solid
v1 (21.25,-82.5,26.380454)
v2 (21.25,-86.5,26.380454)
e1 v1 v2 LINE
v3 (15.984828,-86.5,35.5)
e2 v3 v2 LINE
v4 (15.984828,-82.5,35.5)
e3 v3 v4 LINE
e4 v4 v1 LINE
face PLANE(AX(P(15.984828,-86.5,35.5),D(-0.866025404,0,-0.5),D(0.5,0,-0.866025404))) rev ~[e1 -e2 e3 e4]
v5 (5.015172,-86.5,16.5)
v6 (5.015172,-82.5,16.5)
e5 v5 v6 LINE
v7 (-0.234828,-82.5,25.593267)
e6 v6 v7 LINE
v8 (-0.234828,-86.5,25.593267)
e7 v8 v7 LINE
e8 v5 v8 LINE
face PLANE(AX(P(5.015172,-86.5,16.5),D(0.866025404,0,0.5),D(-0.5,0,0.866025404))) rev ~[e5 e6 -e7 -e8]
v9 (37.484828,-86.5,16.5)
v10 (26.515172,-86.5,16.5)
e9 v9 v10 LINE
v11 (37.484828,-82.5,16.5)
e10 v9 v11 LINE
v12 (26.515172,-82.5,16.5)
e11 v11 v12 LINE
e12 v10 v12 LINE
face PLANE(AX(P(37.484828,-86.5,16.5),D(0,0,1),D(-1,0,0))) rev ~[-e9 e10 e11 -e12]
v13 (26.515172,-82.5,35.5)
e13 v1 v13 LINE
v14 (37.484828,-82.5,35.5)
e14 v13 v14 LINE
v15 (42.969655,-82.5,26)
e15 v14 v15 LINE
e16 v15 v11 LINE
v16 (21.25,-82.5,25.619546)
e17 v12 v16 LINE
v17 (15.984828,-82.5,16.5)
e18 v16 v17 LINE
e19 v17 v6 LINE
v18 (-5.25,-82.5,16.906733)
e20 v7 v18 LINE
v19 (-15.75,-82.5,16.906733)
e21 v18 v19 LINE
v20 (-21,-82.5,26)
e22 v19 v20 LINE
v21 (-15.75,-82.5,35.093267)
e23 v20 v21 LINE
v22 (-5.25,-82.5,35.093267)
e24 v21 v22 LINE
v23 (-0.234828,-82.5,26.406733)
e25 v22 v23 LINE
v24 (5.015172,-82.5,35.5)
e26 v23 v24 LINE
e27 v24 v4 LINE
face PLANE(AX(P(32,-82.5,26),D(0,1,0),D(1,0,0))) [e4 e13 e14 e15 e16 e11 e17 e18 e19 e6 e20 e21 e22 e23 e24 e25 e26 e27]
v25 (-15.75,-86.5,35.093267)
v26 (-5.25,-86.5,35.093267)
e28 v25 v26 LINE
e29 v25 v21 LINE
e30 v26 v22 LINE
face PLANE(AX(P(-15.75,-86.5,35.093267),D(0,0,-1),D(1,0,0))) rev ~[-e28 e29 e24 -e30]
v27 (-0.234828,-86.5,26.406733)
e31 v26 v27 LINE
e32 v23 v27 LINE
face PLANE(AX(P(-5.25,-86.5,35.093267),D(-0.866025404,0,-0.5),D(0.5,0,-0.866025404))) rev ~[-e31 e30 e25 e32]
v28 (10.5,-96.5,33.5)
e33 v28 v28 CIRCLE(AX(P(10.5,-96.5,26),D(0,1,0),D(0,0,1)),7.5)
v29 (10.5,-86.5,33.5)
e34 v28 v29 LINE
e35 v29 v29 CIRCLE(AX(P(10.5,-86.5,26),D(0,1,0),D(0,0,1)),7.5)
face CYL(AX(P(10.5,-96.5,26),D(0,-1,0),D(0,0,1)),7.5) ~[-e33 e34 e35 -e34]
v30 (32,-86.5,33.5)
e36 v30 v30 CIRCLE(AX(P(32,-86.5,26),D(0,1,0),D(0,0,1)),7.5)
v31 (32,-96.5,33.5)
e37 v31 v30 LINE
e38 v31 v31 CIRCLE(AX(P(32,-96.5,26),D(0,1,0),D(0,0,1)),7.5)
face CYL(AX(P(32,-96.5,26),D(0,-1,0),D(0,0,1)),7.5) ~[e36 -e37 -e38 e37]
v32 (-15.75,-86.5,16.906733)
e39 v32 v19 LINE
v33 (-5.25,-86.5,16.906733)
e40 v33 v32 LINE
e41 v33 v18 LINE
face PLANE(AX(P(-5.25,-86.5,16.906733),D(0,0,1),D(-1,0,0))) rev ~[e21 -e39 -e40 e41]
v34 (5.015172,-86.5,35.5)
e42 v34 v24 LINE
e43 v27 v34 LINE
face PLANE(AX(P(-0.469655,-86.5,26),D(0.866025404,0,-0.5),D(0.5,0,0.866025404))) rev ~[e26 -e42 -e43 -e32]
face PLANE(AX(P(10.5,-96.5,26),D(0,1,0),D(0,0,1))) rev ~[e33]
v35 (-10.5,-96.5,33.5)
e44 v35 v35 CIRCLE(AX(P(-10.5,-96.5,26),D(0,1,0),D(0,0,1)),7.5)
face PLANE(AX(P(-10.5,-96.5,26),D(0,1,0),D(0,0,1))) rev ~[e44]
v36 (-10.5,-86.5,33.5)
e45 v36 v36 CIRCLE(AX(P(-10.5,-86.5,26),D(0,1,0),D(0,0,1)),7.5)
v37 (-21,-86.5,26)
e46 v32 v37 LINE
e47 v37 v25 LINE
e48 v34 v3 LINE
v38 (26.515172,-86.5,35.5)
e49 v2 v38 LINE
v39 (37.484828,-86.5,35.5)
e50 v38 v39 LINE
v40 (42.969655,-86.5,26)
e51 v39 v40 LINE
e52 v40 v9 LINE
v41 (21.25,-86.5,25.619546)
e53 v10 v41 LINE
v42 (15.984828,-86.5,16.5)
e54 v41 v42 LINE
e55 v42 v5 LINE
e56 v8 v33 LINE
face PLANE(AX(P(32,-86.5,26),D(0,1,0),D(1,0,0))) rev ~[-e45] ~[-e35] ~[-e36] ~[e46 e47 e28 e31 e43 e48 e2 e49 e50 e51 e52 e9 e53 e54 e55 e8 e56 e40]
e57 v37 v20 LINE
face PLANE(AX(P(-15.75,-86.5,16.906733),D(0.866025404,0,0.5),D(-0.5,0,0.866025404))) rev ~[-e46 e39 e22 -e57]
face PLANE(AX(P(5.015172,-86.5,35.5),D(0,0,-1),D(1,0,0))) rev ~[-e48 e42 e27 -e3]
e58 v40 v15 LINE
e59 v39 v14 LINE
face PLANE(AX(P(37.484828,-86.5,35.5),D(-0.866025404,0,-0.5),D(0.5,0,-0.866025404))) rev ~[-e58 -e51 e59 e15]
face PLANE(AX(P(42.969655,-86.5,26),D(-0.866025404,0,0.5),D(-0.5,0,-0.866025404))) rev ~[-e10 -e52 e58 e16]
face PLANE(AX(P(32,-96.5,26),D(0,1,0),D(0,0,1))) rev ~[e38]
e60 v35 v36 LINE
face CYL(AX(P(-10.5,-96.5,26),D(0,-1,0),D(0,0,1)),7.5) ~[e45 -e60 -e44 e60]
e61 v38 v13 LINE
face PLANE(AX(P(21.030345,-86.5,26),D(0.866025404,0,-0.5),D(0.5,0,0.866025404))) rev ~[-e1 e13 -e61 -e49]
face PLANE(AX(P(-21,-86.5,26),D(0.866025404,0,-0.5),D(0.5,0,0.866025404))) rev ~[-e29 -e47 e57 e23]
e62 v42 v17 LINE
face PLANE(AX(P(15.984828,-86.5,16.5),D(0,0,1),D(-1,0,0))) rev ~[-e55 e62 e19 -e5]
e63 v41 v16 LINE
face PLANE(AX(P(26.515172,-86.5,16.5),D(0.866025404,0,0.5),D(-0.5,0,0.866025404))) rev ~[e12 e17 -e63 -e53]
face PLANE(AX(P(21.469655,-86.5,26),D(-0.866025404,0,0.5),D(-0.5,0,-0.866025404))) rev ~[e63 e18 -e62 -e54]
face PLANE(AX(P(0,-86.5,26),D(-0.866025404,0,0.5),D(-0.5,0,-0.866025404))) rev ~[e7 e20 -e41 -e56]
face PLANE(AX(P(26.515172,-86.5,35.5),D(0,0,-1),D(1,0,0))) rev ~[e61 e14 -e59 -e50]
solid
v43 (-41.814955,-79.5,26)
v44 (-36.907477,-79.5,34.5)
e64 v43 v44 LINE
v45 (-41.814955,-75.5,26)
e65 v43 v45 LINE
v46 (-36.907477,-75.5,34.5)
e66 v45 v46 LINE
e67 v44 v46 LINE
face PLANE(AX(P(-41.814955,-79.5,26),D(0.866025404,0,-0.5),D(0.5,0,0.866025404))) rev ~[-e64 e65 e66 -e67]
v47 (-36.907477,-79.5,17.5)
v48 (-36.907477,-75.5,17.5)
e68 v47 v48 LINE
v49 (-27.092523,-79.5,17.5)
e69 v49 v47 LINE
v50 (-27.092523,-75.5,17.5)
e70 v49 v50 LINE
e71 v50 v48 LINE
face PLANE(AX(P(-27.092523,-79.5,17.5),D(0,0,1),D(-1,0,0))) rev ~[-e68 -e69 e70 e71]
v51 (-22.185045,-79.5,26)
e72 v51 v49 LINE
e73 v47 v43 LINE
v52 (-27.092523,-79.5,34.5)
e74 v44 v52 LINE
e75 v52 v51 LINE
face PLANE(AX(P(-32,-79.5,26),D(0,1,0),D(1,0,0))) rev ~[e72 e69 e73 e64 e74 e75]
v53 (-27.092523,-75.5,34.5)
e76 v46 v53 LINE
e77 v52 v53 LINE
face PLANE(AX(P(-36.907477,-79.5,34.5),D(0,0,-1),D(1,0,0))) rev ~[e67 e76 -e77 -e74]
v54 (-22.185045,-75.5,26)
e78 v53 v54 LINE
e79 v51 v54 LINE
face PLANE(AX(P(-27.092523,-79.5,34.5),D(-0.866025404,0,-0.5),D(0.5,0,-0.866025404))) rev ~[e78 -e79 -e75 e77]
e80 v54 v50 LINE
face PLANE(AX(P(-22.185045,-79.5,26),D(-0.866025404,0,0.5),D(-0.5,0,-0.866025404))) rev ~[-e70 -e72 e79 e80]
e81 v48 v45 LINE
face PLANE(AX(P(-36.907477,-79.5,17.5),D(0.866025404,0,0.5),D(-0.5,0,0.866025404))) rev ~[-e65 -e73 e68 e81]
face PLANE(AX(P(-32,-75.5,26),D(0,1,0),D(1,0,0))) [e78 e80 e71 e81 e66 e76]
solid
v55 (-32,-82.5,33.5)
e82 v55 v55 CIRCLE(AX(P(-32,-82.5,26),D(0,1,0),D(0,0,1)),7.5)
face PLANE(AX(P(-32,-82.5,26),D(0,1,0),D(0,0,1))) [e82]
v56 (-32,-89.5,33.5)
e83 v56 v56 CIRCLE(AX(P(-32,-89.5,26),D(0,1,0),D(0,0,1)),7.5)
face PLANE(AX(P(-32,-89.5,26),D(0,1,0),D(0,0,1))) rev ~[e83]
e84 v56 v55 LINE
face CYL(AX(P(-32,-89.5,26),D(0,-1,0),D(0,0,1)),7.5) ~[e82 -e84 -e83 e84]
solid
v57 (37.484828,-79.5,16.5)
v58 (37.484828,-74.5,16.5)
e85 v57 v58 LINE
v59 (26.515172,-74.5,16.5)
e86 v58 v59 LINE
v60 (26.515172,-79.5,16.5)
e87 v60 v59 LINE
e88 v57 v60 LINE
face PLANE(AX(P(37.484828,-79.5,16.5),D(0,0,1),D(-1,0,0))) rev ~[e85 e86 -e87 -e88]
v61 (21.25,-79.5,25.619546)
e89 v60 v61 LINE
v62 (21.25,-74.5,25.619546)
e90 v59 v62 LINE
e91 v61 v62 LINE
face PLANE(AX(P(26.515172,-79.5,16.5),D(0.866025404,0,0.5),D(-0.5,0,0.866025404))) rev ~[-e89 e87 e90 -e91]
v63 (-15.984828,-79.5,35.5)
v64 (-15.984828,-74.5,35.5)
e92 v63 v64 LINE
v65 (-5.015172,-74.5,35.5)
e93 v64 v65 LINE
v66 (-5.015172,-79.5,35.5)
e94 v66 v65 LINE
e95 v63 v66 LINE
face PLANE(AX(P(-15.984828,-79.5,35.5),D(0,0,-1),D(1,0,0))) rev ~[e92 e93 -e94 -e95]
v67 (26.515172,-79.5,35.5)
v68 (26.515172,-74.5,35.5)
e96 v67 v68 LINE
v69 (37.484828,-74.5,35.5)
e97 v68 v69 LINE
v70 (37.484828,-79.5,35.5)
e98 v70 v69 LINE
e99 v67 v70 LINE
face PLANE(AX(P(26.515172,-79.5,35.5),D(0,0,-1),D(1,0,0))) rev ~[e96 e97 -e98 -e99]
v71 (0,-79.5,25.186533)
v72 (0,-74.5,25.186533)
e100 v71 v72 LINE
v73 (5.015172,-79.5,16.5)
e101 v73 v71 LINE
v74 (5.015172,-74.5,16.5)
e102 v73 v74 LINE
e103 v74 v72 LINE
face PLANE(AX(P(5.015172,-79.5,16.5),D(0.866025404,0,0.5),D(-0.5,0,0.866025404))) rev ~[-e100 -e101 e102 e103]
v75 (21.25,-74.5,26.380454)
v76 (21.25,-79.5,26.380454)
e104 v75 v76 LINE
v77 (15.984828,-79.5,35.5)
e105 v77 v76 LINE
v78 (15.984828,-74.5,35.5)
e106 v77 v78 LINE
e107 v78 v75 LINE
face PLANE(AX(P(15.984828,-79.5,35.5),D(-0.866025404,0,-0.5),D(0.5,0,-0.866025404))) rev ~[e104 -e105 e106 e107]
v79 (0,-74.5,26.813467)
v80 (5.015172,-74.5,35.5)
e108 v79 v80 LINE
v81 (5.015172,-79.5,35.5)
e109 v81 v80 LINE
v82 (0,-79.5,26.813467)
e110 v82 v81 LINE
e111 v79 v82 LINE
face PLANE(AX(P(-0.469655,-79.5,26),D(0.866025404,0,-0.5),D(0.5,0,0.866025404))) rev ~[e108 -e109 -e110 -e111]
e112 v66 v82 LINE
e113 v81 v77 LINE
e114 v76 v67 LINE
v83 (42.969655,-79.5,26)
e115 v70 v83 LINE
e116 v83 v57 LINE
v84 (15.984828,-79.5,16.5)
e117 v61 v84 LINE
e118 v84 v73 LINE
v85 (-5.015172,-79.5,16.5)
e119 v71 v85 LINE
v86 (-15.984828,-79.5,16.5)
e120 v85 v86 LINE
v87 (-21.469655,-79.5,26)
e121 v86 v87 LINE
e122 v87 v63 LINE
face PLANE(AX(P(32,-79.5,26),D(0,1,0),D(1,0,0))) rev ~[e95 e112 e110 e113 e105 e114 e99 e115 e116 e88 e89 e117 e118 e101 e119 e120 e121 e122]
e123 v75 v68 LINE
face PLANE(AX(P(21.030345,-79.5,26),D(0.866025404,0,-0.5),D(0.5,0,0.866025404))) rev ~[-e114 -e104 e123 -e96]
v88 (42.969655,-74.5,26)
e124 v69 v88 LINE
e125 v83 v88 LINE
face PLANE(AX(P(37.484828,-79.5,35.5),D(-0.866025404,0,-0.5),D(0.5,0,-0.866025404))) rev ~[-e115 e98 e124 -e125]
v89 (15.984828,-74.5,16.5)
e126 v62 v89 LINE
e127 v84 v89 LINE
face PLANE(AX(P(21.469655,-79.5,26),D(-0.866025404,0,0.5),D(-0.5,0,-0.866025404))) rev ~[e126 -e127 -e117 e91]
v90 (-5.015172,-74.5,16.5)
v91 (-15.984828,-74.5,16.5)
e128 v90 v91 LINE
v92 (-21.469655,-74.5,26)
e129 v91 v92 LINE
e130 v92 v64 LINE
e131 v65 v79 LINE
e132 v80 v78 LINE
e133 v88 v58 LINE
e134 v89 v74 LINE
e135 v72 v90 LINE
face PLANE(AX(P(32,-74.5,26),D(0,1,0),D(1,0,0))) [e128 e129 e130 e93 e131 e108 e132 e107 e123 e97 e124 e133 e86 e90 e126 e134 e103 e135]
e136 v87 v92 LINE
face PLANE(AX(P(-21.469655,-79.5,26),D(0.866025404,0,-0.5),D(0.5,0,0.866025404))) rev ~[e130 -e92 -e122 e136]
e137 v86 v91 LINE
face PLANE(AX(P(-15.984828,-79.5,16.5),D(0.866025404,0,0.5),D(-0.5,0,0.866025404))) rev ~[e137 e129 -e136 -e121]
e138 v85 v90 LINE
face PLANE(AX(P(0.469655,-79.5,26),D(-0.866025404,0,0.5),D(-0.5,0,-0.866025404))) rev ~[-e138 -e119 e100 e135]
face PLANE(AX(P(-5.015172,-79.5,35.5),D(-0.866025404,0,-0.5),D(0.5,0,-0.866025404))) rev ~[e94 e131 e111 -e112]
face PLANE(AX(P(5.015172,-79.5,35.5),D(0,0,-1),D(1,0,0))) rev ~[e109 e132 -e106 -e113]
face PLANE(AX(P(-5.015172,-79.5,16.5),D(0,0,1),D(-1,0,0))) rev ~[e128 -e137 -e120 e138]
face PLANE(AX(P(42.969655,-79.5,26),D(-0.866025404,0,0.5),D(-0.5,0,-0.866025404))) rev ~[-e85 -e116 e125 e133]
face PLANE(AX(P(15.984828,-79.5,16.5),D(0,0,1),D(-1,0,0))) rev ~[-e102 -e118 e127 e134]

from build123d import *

# Parameters (mm, degrees)
BOSS_EXTRUDE1_DEPTH  = 4
SKETCH2_R            = 7.5
BOSS_EXTRUDE2_DEPTH  = 10
BOSS_EXTRUDE3_DEPTH  = 5
BOSS_EXTRUDE4_DEPTH  = 4
SKETCH5_R            = 7.5
BOSS_EXTRUDE5_DEPTH  = 10
BOSS_EXTRUDE6_DEPTH  = 5
BOSS_EXTRUDE7_DEPTH  = 4
SKETCH8_R            = 7.5
BOSS_EXTRUDE8_DEPTH  = 10
BOSS_EXTRUDE9_DEPTH  = 5
SKETCH10_R           = 7.5
BOSS_EXTRUDE10_DEPTH = 7
BOSS_EXTRUDE11_DEPTH = 4


with BuildPart() as part:
    # Sketch1 → Boss-Extrude1 (new body)
    with BuildSketch(Plane(origin=(0, -86.5, 0), x_dir=(1, 0, 0), z_dir=(0, 1, 0))):
        Polygon((0, -26), (-5.25, -16.90673326), (-15.75, -16.90673326), (-21, -26), (-15.75, -35.09326674), (-5.25, -35.09326674), align=None)
    extrude(amount=BOSS_EXTRUDE1_DEPTH)

    # Sketch2 → Boss-Extrude2 (add)
    with BuildSketch(Plane(origin=(0, -96.5, 0), x_dir=(1, 0, 0), z_dir=(0, 1, 0))):
        with Locations(Location((-10.5, -26, 0), (0, 0, 270))):
            Circle(SKETCH2_R)
    extrude(amount=BOSS_EXTRUDE2_DEPTH)

    # Sketch4 → Boss-Extrude4 (add)
    with BuildSketch(Plane(origin=(0, -86.5, 0), x_dir=(1, 0, 0), z_dir=(0, 1, 0))):
        Polygon((21.469655115, -26), (15.984827557, -16.5), (5.015172443, -16.5), (-0.469655115, -26), (5.015172443, -35.5), (15.984827557, -35.5), align=None)
    extrude(amount=BOSS_EXTRUDE4_DEPTH)

    # Sketch5 → Boss-Extrude5 (add)
    with BuildSketch(Plane(origin=(0, -96.5, 0), x_dir=(1, 0, 0), z_dir=(0, 1, 0))):
        with Locations(Location((10.5, -26, 0), (0, 0, 270))):
            Circle(SKETCH5_R)
    extrude(amount=BOSS_EXTRUDE5_DEPTH)

    # Sketch7 → Boss-Extrude7 (add)
    with BuildSketch(Plane(origin=(0, -86.5, 0), x_dir=(1, 0, 0), z_dir=(0, 1, 0))):
        Polygon((42.969655115, -26), (37.484827557, -16.5), (26.515172443, -16.5), (21.030344885, -26), (26.515172443, -35.5), (37.484827557, -35.5), align=None)
    extrude(amount=BOSS_EXTRUDE7_DEPTH)

    # Sketch8 → Boss-Extrude8 (add)
    with BuildSketch(Plane(origin=(0, -96.5, 0), x_dir=(1, 0, 0), z_dir=(0, 1, 0))):
        with Locations(Location((32, -26, 0), (0, 0, 270))):
            Circle(SKETCH8_R)
    extrude(amount=BOSS_EXTRUDE8_DEPTH)


with BuildPart() as body_2:
    # Sketch3 → Boss-Extrude3 (new body)
    with BuildSketch(Plane(origin=(0, -79.5, 0), x_dir=(1, 0, 0), z_dir=(0, 1, 0))):
        Polygon((0.469655115, -26), (-5.015172443, -16.5), (-15.984827557, -16.5), (-21.469655115, -26), (-15.984827557, -35.5), (-5.015172443, -35.5), align=None)
    extrude(amount=BOSS_EXTRUDE3_DEPTH)

    # Sketch6 → Boss-Extrude6 (add)
    with BuildSketch(Plane(origin=(0, -79.5, 0), x_dir=(1, 0, 0), z_dir=(0, 1, 0))):
        Polygon((21.469655115, -26), (15.984827557, -16.5), (5.015172443, -16.5), (-0.469655115, -26), (5.015172443, -35.5), (15.984827557, -35.5), align=None)
    extrude(amount=BOSS_EXTRUDE6_DEPTH)

    # Sketch9 → Boss-Extrude9 (add)
    with BuildSketch(Plane(origin=(0, -79.5, 0), x_dir=(1, 0, 0), z_dir=(0, 1, 0))):
        Polygon((42.969655115, -26), (37.484827557, -16.5), (26.515172443, -16.5), (21.030344885, -26), (26.515172443, -35.5), (37.484827557, -35.5), align=None)
    extrude(amount=BOSS_EXTRUDE9_DEPTH)


with BuildPart() as body_3:
    # Sketch10 → Boss-Extrude10 (new body)
    with BuildSketch(Plane(origin=(0, -89.5, 0), x_dir=(1, 0, 0), z_dir=(0, 1, 0))):
        with Locations(Location((-32, -26, 0), (0, 0, 270))):
            Circle(SKETCH10_R)
    extrude(amount=BOSS_EXTRUDE10_DEPTH)


with BuildPart() as body_4:
    # Sketch11 → Boss-Extrude11 (new body)
    with BuildSketch(Plane(origin=(0, -79.5, 0), x_dir=(1, 0, 0), z_dir=(0, 1, 0))):
        Polygon((-22.185045424, -26), (-27.092522712, -17.5), (-36.907477288, -17.5), (-41.814954576, -26), (-36.907477288, -34.5), (-27.092522712, -34.5), align=None)
    extrude(amount=BOSS_EXTRUDE11_DEPTH)


solid = Compound([part.part, body_2.part, body_3.part, body_4.part])
